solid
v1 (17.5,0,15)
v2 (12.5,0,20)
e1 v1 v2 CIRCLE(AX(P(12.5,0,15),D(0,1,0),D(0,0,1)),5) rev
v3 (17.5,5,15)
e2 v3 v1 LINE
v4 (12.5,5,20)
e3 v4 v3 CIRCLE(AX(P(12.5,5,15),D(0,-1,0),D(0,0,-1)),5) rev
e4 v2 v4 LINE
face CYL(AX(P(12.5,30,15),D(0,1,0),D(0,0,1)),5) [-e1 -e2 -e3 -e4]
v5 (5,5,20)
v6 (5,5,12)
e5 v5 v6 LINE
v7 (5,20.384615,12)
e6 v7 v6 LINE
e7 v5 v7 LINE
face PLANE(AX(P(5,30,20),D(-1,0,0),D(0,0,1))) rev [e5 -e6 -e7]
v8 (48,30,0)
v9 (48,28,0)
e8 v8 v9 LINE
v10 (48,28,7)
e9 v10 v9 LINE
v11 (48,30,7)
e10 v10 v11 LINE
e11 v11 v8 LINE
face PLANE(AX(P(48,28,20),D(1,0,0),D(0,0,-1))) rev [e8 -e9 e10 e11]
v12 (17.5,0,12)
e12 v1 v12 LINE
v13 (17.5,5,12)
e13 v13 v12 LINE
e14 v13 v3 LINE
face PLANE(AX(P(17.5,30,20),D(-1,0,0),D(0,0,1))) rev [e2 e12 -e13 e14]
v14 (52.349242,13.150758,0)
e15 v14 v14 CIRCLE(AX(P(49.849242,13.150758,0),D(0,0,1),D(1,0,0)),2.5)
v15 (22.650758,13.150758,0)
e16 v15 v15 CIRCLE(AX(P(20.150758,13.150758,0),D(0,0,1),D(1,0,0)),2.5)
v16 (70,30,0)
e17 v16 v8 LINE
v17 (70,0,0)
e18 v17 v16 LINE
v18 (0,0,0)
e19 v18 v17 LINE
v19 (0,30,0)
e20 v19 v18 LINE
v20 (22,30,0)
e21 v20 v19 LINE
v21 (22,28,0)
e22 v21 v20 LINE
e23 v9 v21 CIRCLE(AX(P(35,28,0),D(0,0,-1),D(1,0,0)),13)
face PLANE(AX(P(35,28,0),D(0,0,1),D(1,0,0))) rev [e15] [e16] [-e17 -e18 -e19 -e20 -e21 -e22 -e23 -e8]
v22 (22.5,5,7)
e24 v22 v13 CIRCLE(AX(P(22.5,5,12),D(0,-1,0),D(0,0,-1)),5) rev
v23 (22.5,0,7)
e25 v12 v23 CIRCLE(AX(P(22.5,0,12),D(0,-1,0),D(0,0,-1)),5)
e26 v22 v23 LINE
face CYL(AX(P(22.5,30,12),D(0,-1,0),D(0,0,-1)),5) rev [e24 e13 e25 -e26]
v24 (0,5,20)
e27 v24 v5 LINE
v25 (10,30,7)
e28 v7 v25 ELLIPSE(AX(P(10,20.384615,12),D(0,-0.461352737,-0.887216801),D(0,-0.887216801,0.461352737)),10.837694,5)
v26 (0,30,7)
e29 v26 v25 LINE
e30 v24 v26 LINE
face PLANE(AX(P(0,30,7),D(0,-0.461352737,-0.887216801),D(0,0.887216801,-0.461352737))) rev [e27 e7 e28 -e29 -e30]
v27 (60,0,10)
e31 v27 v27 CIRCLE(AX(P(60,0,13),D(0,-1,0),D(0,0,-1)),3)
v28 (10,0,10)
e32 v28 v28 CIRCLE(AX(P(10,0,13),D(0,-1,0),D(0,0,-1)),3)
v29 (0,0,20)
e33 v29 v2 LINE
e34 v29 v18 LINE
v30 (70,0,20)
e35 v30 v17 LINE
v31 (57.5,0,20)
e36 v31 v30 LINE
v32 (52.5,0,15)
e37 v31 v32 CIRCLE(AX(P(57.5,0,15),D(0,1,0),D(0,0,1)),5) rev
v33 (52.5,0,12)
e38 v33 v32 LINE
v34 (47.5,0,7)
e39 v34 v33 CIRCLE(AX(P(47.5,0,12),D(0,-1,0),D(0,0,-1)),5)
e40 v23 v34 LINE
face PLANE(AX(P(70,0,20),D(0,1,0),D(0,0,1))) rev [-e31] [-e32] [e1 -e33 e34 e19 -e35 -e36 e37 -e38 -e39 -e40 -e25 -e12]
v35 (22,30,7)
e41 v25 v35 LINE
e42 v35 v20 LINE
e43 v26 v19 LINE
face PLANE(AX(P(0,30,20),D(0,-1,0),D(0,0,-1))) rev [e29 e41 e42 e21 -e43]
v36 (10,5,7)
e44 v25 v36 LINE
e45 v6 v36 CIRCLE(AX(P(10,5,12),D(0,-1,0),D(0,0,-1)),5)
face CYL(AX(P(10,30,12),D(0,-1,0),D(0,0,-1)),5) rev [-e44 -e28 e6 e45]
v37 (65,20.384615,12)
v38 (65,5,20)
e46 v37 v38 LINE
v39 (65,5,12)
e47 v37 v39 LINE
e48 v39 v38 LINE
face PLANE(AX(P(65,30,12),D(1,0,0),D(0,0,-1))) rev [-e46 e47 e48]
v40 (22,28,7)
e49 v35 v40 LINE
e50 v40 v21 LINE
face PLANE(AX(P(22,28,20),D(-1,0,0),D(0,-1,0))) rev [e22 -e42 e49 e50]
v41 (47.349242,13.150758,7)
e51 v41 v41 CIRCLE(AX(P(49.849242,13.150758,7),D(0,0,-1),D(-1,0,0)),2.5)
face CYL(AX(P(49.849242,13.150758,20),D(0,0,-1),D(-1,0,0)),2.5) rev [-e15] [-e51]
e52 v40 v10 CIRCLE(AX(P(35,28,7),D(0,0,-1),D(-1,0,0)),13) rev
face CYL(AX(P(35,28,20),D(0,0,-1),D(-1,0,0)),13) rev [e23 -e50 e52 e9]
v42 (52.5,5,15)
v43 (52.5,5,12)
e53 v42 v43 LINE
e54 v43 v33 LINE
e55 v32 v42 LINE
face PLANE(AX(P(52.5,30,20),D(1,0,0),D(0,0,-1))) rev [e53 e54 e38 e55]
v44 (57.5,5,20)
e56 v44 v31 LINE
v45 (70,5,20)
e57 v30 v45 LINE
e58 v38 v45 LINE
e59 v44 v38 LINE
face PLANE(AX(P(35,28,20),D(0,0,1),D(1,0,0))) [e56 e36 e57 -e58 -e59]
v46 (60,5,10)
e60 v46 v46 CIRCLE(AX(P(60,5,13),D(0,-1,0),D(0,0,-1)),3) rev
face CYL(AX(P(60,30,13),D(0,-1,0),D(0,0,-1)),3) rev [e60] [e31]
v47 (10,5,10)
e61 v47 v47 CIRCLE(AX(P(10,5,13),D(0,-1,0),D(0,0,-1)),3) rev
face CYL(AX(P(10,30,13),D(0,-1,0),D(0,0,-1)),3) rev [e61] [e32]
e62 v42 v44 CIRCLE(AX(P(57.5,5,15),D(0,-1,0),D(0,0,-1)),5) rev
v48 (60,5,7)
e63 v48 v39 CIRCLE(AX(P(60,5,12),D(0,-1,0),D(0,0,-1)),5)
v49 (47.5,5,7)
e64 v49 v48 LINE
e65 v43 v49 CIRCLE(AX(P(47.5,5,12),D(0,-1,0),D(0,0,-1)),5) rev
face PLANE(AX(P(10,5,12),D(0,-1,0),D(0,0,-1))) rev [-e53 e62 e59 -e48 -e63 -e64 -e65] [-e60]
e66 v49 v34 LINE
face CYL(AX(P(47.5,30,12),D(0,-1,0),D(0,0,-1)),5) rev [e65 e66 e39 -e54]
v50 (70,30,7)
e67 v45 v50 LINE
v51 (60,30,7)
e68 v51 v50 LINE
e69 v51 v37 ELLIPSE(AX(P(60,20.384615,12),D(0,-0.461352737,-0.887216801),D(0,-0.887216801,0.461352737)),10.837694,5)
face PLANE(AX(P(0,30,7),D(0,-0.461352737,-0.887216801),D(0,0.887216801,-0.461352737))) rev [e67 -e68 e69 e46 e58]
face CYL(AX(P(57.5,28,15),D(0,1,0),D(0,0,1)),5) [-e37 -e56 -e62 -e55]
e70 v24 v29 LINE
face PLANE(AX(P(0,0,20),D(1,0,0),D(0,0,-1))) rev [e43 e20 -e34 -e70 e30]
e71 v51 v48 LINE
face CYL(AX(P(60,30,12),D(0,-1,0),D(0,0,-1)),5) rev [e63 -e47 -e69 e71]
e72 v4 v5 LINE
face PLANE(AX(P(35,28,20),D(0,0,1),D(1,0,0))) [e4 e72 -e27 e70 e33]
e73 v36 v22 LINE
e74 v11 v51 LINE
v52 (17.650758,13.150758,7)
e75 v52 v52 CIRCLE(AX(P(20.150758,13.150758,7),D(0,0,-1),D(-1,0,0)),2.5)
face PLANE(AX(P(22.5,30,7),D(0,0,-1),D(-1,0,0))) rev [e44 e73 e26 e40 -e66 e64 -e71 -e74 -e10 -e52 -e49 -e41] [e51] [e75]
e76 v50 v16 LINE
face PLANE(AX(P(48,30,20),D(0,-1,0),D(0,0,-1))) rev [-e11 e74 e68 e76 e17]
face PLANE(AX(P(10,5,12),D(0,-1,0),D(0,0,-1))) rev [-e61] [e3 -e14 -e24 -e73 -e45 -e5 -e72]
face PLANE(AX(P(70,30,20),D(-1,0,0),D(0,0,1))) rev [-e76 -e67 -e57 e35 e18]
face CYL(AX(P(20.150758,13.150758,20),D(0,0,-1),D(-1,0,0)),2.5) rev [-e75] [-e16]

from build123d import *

# Parameters (mm, degrees)
SKETCH1_R           = 2.5
BOSS_EXTRUDE1_DEPTH = 20
CUT_EXTRUDE1_DEPTH  = 71
SKETCH3_R           = 3
CUT_EXTRUDE2_DEPTH  = 31
CUT_EXTRUDE3_START  = -5
CUT_EXTRUDE3_DEPTH  = 26
FILLET1_R           = 5


with BuildPart() as part:
    # Sketch1 → Boss-Extrude1 (new body)
    with BuildSketch(Plane.XY):
        with BuildLine():
            Line((0, 0), (0, 5))
            Line((0, 5), (0, 30))
            Line((0, 30), (22, 30))
            Line((22, 30), (22, 28))
            ThreePointArc((22, 28), (35, 15), (48, 28))
            Line((48, 28), (48, 30))
            Line((48, 30), (70, 30))
            Line((70, 30), (70, 5))
            Line((70, 5), (70, 0))
            Line((70, 0), (0, 0))
        make_face()
        with Locations((20.150757595, 13.150757595)):
            Circle(SKETCH1_R, mode=Mode.SUBTRACT)
        with Locations((49.849242405, 13.150757595)):
            Circle(SKETCH1_R, mode=Mode.SUBTRACT)
    extrude(amount=BOSS_EXTRUDE1_DEPTH)

    # Sketch2 → Cut-Extrude1 (cut, through all)
    with BuildSketch(Plane(origin=(70, 0, 0), x_dir=(0, 0, -1), z_dir=(1, 0, 0))):
        Polygon((-7, 30), (-20, 5), (-20, 30), align=None)
    extrude(amount=-CUT_EXTRUDE1_DEPTH, mode=Mode.SUBTRACT)

    # Sketch3 → Cut-Extrude2 (cut, through all)
    with BuildSketch(Plane.XZ):
        with Locations(Location((10, 13, 0), (0, 0, 270))):  # turned: the seam where the file's is
            Circle(SKETCH3_R)
        with Locations(Location((60, 13, 0), (0, 0, 270))):  # turned: the seam where the file's is
            Circle(SKETCH3_R)
        with BuildLine():
            Line((17.5, 20), (52.5, 20))
            Line((52.5, 20), (52.5, 12))
            ThreePointArc((52.5, 12), (51.035533906, 8.464466094), (47.5, 7))
            Line((47.5, 7), (22.5, 7))
            ThreePointArc((22.5, 7), (18.964466094, 8.464466094), (17.5, 12))
            Line((17.5, 12), (17.5, 20))
        make_face()
    extrude(amount=-CUT_EXTRUDE2_DEPTH, mode=Mode.SUBTRACT)

    # Sketch4 → Cut-Extrude3 (cut, through all)
    with BuildSketch(Plane.XZ.offset(CUT_EXTRUDE3_START)):
        with BuildLine():
            Line((65, 12), (65, 20))
            Line((65, 20), (5, 20))
            Line((5, 20), (5, 12))
            ThreePointArc((5, 12), (6.464466094, 8.464466094), (10, 7))
            Line((10, 7), (60, 7))
            ThreePointArc((60, 7), (63.535533906, 8.464466094), (65, 12))
        make_face()
    extrude(amount=-CUT_EXTRUDE3_DEPTH, mode=Mode.SUBTRACT)

    # Fillet1
    fillet1_edges = [part.edges().sort_by_distance(p)[0] for p in [
        (17.5, 2.5, 20),
        (52.5, 2.5, 20),
    ]]
    fillet(fillet1_edges, radius=FILLET1_R)


solid = part.part
